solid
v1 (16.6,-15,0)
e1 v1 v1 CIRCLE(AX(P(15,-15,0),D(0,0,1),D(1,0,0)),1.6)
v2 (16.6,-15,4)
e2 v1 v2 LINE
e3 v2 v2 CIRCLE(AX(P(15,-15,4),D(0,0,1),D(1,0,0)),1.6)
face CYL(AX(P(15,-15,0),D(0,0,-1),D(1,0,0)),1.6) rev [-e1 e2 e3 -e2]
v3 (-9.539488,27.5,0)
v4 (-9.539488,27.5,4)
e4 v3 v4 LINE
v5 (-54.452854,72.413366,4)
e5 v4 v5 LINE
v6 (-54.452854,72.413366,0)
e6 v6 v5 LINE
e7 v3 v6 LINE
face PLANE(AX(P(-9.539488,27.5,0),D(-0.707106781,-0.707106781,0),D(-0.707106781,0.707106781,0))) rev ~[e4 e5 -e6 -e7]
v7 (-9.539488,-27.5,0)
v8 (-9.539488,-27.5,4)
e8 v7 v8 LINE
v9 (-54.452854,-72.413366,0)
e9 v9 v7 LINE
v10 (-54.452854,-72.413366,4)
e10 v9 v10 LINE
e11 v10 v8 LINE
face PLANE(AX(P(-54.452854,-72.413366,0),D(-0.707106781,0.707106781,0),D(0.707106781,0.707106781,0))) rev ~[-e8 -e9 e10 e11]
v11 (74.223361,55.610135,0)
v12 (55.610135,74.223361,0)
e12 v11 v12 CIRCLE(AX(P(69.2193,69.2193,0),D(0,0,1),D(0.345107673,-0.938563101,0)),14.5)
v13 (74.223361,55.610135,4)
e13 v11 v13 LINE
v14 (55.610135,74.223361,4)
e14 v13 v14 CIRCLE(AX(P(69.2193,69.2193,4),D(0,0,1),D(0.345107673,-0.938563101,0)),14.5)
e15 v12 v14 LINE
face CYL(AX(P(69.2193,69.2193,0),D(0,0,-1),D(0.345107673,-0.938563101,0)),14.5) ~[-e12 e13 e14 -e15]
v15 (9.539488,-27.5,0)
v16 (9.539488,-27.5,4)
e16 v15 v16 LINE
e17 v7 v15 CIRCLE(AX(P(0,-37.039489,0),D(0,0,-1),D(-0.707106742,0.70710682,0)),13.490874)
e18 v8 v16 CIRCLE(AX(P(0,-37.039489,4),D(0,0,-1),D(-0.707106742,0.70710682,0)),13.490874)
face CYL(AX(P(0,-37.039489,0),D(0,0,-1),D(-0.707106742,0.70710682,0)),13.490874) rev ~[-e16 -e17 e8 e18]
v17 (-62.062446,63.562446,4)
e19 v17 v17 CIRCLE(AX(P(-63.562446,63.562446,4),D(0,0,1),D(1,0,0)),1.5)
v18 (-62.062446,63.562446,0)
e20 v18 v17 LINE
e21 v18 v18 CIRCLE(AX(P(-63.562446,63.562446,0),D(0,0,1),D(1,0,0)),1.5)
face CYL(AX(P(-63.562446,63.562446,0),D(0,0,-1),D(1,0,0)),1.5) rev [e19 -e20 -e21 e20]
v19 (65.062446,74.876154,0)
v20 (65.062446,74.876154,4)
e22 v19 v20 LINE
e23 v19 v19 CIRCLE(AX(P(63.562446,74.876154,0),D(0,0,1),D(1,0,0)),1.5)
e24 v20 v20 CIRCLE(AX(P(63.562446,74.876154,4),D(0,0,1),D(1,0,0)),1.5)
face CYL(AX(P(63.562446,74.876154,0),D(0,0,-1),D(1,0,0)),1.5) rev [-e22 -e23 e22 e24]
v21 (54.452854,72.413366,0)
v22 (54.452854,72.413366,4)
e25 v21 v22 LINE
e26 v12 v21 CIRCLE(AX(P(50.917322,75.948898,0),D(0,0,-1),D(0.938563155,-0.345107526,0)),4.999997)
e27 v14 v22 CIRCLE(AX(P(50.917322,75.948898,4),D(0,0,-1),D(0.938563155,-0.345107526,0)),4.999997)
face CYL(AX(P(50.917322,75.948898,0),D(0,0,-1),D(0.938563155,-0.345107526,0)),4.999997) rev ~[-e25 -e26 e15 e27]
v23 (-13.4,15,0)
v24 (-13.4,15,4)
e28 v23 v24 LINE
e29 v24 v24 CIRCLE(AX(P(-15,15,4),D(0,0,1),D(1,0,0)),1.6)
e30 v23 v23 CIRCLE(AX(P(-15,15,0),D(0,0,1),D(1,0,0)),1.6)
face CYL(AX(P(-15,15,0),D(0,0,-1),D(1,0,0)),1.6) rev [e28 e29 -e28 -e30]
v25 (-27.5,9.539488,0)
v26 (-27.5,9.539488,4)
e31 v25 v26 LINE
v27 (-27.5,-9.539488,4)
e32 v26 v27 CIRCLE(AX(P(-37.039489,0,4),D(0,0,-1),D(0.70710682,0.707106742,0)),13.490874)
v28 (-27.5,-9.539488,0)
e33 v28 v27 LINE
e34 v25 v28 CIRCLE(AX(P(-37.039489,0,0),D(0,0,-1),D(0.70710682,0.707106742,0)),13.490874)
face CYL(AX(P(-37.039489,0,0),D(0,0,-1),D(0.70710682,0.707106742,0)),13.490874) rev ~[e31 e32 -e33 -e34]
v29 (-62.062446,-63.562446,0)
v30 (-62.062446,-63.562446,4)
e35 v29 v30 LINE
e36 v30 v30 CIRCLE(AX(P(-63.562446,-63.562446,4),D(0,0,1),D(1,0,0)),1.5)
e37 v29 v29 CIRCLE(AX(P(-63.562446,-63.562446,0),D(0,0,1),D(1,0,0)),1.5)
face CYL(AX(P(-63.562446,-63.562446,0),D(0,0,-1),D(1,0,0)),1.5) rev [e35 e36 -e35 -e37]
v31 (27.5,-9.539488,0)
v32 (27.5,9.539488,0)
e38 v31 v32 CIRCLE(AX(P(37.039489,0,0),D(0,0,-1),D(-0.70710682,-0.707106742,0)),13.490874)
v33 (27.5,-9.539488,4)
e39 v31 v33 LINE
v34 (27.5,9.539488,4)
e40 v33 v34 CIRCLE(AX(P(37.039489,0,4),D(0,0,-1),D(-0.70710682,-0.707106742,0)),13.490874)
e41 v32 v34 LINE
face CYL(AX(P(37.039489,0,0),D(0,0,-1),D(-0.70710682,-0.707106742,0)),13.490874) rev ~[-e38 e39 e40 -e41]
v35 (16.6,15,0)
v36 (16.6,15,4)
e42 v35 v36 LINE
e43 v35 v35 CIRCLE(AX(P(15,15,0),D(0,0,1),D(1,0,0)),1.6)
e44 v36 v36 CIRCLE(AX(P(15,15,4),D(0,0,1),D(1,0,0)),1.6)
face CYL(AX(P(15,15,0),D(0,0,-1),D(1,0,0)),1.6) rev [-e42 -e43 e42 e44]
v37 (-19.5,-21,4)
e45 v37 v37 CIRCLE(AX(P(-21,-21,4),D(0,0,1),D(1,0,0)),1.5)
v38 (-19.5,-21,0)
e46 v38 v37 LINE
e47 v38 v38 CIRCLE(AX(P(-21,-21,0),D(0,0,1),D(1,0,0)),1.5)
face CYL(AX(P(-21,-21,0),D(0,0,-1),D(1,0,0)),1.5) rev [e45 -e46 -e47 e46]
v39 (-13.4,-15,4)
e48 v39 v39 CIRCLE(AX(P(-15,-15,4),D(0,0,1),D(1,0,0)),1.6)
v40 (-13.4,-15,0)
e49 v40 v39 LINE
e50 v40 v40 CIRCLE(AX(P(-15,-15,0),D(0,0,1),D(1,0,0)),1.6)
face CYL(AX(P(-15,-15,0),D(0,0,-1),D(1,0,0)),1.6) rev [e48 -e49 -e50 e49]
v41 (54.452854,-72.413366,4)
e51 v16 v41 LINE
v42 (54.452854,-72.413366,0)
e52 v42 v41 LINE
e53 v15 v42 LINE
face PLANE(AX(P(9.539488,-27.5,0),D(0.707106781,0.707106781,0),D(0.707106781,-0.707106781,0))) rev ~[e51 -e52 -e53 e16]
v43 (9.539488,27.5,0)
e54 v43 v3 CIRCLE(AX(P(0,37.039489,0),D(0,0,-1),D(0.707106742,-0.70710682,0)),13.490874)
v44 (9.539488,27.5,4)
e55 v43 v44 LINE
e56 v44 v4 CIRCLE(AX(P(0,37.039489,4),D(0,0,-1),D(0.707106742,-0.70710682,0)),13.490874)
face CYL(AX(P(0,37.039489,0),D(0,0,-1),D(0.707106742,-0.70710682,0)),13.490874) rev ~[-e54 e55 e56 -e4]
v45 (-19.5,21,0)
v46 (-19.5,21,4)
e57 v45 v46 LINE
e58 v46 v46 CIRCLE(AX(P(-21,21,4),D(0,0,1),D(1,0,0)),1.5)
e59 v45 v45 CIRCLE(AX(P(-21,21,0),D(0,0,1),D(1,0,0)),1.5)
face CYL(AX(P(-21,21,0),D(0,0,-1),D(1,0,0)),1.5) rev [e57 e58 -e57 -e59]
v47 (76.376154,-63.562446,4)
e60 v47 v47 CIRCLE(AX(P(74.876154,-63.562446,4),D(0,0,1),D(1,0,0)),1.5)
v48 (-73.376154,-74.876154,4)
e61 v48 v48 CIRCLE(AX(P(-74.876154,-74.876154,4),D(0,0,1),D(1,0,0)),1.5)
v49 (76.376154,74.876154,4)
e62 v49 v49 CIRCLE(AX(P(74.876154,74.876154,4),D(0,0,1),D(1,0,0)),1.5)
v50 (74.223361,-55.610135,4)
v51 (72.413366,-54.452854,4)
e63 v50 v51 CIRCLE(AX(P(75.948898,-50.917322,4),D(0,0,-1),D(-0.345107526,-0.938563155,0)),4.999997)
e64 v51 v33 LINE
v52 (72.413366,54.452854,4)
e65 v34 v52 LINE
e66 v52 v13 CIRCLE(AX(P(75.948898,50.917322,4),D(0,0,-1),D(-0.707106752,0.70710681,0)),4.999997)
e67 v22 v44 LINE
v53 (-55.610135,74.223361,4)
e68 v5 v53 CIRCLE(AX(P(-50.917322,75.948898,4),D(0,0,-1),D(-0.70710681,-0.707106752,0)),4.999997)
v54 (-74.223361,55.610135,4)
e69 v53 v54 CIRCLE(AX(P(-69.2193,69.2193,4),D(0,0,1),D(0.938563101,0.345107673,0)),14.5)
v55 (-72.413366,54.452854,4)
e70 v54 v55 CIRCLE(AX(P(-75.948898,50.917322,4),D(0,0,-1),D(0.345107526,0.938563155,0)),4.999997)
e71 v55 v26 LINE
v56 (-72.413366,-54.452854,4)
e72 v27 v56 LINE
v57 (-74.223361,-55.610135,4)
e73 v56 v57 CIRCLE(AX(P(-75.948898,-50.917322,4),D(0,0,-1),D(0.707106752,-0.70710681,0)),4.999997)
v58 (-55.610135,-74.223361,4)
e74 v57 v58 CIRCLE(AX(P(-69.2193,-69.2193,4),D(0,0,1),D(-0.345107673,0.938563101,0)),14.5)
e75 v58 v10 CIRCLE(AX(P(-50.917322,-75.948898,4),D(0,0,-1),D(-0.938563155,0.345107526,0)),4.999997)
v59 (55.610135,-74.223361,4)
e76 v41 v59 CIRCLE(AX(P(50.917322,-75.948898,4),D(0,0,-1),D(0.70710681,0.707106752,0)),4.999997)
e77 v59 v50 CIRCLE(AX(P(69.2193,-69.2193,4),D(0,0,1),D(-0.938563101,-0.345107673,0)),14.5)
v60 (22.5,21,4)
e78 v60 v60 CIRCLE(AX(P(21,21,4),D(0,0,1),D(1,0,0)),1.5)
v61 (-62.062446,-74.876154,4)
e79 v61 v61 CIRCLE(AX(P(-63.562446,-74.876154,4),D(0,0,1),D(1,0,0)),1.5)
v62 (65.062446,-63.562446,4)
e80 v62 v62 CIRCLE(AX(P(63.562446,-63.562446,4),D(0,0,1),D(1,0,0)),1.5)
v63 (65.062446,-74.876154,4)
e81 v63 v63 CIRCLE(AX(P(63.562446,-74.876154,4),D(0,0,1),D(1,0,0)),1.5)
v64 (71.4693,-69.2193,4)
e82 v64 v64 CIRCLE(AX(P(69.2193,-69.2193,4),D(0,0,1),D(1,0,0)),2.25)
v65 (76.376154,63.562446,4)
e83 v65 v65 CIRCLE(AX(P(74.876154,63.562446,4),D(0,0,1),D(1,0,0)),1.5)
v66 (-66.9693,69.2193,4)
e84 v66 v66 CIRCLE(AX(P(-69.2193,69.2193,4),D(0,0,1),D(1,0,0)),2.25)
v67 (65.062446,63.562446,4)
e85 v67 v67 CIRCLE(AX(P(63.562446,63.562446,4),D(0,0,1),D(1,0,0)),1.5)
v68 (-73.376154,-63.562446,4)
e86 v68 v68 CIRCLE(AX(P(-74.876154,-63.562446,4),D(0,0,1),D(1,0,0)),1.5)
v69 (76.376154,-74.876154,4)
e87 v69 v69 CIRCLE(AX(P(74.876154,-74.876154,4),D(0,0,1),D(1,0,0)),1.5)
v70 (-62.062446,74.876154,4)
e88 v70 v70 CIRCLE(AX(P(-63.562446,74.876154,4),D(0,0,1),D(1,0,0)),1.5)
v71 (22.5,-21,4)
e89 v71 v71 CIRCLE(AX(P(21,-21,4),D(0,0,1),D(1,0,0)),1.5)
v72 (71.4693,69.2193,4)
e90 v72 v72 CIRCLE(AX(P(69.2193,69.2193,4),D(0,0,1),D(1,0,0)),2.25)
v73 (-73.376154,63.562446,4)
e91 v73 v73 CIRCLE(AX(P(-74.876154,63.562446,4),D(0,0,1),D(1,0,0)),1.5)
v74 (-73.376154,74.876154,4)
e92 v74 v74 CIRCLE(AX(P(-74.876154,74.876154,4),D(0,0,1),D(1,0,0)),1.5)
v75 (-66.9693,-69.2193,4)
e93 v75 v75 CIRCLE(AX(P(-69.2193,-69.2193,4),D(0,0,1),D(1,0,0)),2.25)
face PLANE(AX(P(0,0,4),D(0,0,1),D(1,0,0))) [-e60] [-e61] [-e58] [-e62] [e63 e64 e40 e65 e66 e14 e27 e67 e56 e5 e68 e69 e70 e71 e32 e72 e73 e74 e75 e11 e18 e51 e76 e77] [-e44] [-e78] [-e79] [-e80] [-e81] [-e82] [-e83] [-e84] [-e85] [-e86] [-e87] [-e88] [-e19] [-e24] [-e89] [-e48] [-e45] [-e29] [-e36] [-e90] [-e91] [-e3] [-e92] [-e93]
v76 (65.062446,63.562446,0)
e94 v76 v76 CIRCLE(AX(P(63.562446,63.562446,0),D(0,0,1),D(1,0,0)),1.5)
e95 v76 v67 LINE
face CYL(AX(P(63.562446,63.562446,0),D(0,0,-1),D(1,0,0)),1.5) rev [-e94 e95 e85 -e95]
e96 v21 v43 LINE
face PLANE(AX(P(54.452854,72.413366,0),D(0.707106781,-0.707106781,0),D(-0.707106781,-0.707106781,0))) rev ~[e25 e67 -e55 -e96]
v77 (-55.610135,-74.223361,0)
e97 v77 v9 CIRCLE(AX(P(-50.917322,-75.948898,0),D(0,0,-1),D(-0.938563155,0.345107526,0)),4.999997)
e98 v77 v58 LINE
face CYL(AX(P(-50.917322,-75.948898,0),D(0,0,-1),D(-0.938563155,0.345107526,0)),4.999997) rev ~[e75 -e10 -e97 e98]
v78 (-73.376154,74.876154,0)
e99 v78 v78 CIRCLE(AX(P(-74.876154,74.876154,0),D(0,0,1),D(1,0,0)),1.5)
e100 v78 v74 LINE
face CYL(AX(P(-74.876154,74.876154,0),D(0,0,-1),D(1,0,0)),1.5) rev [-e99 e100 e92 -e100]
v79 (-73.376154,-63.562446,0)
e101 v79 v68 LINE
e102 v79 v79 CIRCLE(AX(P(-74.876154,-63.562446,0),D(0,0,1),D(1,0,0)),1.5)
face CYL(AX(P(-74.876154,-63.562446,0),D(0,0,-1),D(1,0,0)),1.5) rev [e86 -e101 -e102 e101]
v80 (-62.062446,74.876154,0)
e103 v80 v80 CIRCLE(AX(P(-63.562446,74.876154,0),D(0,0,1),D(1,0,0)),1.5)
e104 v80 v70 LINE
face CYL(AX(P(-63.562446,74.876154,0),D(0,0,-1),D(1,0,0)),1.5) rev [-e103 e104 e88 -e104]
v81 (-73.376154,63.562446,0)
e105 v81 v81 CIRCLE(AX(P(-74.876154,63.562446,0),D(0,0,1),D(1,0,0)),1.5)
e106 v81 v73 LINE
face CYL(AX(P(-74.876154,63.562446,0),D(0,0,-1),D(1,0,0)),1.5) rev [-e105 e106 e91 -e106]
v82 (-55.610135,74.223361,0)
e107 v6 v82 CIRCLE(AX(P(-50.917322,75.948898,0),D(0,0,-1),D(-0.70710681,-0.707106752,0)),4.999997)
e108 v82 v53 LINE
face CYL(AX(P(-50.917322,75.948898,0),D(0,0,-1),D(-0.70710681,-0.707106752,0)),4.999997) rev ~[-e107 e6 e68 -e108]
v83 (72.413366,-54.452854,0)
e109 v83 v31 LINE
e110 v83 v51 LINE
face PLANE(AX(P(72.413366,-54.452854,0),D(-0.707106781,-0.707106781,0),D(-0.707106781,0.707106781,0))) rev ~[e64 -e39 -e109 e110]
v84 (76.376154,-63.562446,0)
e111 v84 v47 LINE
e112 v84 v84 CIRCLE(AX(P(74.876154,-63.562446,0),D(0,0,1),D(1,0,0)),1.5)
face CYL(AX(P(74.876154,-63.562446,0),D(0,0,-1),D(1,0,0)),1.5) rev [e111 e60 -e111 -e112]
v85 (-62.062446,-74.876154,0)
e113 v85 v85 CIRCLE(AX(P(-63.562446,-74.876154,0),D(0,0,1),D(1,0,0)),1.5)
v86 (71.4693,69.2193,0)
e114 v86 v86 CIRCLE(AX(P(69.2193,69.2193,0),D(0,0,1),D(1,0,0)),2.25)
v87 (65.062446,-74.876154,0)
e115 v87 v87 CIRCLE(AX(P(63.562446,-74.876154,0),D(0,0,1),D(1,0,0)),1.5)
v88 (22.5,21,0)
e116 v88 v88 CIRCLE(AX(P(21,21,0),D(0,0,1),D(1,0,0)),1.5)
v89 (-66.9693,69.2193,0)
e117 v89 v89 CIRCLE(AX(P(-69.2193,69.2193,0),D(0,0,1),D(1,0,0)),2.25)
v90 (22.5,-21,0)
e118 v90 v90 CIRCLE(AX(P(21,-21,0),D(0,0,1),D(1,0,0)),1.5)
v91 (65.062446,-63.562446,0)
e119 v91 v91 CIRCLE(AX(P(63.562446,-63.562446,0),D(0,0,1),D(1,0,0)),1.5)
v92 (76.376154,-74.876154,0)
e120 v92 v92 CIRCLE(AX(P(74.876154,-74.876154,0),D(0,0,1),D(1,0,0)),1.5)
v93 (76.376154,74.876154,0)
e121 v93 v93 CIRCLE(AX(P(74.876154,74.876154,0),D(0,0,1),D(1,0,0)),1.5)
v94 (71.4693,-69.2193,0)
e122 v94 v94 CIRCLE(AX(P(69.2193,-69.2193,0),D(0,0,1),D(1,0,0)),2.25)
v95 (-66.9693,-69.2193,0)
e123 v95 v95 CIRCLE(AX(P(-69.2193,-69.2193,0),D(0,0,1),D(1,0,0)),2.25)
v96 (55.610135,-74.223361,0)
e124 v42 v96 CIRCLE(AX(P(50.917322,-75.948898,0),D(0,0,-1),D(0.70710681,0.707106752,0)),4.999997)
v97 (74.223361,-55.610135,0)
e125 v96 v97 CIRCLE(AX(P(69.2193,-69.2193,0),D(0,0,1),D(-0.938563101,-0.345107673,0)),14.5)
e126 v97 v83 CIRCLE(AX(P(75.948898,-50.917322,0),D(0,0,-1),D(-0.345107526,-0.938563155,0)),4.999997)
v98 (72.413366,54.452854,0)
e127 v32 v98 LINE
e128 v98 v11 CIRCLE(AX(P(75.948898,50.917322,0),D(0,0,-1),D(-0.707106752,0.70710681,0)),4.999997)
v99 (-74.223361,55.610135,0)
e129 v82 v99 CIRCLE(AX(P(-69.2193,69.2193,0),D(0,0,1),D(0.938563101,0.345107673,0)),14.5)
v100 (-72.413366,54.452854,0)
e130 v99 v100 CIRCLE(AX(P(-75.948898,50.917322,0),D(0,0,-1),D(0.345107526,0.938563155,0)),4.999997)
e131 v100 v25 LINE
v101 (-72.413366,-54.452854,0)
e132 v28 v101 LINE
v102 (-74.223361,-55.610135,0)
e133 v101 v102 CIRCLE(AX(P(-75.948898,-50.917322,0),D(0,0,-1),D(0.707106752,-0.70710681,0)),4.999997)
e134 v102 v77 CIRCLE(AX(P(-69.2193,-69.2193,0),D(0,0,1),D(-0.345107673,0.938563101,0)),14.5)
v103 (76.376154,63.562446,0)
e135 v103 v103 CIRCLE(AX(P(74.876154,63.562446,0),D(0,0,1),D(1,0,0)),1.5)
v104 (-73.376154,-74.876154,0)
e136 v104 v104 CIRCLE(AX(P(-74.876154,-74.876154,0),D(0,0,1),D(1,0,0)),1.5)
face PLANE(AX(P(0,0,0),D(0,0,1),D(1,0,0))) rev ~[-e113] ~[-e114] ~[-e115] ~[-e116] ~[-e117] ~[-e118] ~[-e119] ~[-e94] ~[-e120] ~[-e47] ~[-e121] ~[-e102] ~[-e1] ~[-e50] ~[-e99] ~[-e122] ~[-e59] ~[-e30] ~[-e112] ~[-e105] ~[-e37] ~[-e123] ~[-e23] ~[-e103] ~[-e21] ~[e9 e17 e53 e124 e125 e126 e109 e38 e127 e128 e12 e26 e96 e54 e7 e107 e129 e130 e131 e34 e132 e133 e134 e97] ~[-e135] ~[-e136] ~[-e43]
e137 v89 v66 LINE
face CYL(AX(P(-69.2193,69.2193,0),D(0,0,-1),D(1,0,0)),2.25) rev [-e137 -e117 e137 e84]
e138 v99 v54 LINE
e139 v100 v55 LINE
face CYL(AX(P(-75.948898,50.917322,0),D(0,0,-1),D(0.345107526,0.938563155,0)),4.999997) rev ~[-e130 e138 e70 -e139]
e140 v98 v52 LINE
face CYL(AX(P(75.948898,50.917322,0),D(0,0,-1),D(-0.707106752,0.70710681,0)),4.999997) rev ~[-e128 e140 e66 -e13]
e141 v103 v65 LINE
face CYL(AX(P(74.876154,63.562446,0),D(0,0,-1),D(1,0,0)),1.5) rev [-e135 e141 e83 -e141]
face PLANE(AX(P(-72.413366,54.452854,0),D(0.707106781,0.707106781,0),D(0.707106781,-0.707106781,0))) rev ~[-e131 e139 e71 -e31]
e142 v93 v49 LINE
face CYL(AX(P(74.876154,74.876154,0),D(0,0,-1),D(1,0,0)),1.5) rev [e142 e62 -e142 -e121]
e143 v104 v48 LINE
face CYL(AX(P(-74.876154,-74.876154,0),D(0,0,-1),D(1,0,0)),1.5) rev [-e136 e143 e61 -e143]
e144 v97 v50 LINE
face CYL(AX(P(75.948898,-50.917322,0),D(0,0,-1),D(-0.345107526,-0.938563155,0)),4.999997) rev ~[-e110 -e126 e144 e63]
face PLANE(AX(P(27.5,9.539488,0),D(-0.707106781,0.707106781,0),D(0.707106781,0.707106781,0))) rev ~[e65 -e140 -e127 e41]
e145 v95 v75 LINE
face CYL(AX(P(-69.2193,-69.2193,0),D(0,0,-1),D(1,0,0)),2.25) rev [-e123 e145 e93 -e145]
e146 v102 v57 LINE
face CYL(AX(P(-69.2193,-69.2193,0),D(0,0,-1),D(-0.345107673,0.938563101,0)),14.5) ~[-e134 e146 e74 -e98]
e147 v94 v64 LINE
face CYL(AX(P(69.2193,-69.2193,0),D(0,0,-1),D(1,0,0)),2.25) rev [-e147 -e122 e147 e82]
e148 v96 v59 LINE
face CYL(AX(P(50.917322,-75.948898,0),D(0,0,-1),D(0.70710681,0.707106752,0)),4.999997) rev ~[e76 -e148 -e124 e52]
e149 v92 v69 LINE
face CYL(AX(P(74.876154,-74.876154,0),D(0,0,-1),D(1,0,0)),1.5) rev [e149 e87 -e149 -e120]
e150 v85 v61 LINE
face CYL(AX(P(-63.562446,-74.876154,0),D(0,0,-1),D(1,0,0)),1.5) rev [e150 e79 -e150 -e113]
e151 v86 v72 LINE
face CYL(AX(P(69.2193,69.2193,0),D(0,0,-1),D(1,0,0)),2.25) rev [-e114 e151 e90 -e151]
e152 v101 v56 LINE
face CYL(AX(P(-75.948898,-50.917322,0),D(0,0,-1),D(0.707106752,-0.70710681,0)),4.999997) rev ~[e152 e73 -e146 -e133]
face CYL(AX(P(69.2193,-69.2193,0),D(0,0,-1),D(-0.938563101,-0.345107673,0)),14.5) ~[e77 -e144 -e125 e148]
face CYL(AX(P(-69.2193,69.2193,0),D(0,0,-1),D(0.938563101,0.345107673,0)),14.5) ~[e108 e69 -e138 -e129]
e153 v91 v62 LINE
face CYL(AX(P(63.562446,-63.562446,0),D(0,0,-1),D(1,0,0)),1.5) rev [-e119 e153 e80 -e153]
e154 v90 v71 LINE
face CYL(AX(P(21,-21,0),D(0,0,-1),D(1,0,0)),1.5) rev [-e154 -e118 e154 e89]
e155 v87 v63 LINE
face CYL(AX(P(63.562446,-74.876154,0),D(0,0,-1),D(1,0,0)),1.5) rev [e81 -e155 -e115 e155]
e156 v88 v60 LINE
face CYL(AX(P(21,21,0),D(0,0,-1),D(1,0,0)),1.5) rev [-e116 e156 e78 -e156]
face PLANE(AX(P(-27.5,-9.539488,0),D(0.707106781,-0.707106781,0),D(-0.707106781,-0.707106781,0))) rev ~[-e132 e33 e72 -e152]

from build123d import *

# Parameters (mm, degrees)
F0_R     = 1.5
F0_R_2   = 2.25
F0_R_3   = 1.6
F1_DEPTH = 4


with BuildPart() as f1:
    # F0 (on Top) → F1 (new body)
    with BuildSketch(Plane.XY):
        with BuildLine():
            ThreePointArc((-72.413366, -54.452854), (-73.255473, -55.129855), (-74.223361, -55.610135))
            ThreePointArc((-74.223361, -55.610135), (-79.472348, -79.472348), (-55.610135, -74.223361))
            ThreePointArc((-55.610135, -74.223361), (-55.129855, -73.255473), (-54.452854, -72.413366))
            Line((-54.452854, -72.413366), (-9.539488, -27.5))
            ThreePointArc((-9.539488, -27.5), (0, -23.548615), (9.539488, -27.5))
            Line((9.539488, -27.5), (54.452854, -72.413366))
            ThreePointArc((54.452854, -72.413366), (55.129855, -73.255473), (55.610135, -74.223361))
            ThreePointArc((55.610135, -74.223361), (79.472348, -79.472348), (74.223361, -55.610135))
            ThreePointArc((74.223361, -55.610135), (73.255473, -55.129855), (72.413366, -54.452854))
            Line((72.413366, -54.452854), (27.5, -9.539488))
            ThreePointArc((27.5, -9.539488), (23.548615, 0), (27.5, 9.539488))
            Line((27.5, 9.539488), (72.413366, 54.452854))
            ThreePointArc((72.413366, 54.452854), (73.255473, 55.129855), (74.223361, 55.610135))
            ThreePointArc((74.223361, 55.610135), (79.472348, 79.472348), (55.610135, 74.223361))
            ThreePointArc((55.610135, 74.223361), (55.129855, 73.255473), (54.452854, 72.413366))
            Line((54.452854, 72.413366), (9.539488, 27.5))
            ThreePointArc((9.539488, 27.5), (0, 23.548615), (-9.539488, 27.5))
            Line((-9.539488, 27.5), (-54.452854, 72.413366))
            ThreePointArc((-54.452854, 72.413366), (-55.129855, 73.255473), (-55.610135, 74.223361))
            ThreePointArc((-55.610135, 74.223361), (-79.472348, 79.472348), (-74.223361, 55.610135))
            ThreePointArc((-74.223361, 55.610135), (-73.255473, 55.129855), (-72.413366, 54.452854))
            Line((-72.413366, 54.452854), (-27.5, 9.539488))
            ThreePointArc((-27.5, 9.539488), (-23.548615, 0), (-27.5, -9.539488))
            Line((-27.5, -9.539488), (-72.413366, -54.452854))
        make_face()
        with Locations((-74.876154, -74.876154)):
            Circle(F0_R, mode=Mode.SUBTRACT)
        with Locations((-63.562446, -74.876154)):
            Circle(F0_R, mode=Mode.SUBTRACT)
        with Locations((-74.876154, -63.562446)):
            Circle(F0_R, mode=Mode.SUBTRACT)
        with Locations((-69.2193, -69.2193)):
            Circle(F0_R_2, mode=Mode.SUBTRACT)
        with Locations((-63.562446, -63.562446)):
            Circle(F0_R, mode=Mode.SUBTRACT)
        with Locations((-21, -21)):
            Circle(F0_R, mode=Mode.SUBTRACT)
        with Locations((-15, -15)):
            Circle(F0_R_3, mode=Mode.SUBTRACT)
        with Locations((63.562446, -74.876154)):
            Circle(F0_R, mode=Mode.SUBTRACT)
        with Locations((74.876154, -74.876154)):
            Circle(F0_R, mode=Mode.SUBTRACT)
        with Locations((69.2193, -69.2193)):
            Circle(F0_R_2, mode=Mode.SUBTRACT)
        with Locations((63.562446, -63.562446)):
            Circle(F0_R, mode=Mode.SUBTRACT)
        with Locations((74.876154, -63.562446)):
            Circle(F0_R, mode=Mode.SUBTRACT)
        with Locations((21, -21)):
            Circle(F0_R, mode=Mode.SUBTRACT)
        with Locations((15, -15)):
            Circle(F0_R_3, mode=Mode.SUBTRACT)
        with Locations((-15, 15)):
            Circle(F0_R_3, mode=Mode.SUBTRACT)
        with Locations((-21, 21)):
            Circle(F0_R, mode=Mode.SUBTRACT)
        with Locations((-74.876154, 63.562446)):
            Circle(F0_R, mode=Mode.SUBTRACT)
        with Locations((-63.562446, 63.562446)):
            Circle(F0_R, mode=Mode.SUBTRACT)
        with Locations((-69.2193, 69.2193)):
            Circle(F0_R_2, mode=Mode.SUBTRACT)
        with Locations((-74.876154, 74.876154)):
            Circle(F0_R, mode=Mode.SUBTRACT)
        with Locations((-63.562446, 74.876154)):
            Circle(F0_R, mode=Mode.SUBTRACT)
        with Locations((15, 15)):
            Circle(F0_R_3, mode=Mode.SUBTRACT)
        with Locations((21, 21)):
            Circle(F0_R, mode=Mode.SUBTRACT)
        with Locations((63.562446, 63.562446)):
            Circle(F0_R, mode=Mode.SUBTRACT)
        with Locations((69.2193, 69.2193)):
            Circle(F0_R_2, mode=Mode.SUBTRACT)
        with Locations((74.876154, 63.562446)):
            Circle(F0_R, mode=Mode.SUBTRACT)
        with Locations((63.562446, 74.876154)):
            Circle(F0_R, mode=Mode.SUBTRACT)
        with Locations((74.876154, 74.876154)):
            Circle(F0_R, mode=Mode.SUBTRACT)
    extrude(amount=F1_DEPTH)


solid = f1.part
